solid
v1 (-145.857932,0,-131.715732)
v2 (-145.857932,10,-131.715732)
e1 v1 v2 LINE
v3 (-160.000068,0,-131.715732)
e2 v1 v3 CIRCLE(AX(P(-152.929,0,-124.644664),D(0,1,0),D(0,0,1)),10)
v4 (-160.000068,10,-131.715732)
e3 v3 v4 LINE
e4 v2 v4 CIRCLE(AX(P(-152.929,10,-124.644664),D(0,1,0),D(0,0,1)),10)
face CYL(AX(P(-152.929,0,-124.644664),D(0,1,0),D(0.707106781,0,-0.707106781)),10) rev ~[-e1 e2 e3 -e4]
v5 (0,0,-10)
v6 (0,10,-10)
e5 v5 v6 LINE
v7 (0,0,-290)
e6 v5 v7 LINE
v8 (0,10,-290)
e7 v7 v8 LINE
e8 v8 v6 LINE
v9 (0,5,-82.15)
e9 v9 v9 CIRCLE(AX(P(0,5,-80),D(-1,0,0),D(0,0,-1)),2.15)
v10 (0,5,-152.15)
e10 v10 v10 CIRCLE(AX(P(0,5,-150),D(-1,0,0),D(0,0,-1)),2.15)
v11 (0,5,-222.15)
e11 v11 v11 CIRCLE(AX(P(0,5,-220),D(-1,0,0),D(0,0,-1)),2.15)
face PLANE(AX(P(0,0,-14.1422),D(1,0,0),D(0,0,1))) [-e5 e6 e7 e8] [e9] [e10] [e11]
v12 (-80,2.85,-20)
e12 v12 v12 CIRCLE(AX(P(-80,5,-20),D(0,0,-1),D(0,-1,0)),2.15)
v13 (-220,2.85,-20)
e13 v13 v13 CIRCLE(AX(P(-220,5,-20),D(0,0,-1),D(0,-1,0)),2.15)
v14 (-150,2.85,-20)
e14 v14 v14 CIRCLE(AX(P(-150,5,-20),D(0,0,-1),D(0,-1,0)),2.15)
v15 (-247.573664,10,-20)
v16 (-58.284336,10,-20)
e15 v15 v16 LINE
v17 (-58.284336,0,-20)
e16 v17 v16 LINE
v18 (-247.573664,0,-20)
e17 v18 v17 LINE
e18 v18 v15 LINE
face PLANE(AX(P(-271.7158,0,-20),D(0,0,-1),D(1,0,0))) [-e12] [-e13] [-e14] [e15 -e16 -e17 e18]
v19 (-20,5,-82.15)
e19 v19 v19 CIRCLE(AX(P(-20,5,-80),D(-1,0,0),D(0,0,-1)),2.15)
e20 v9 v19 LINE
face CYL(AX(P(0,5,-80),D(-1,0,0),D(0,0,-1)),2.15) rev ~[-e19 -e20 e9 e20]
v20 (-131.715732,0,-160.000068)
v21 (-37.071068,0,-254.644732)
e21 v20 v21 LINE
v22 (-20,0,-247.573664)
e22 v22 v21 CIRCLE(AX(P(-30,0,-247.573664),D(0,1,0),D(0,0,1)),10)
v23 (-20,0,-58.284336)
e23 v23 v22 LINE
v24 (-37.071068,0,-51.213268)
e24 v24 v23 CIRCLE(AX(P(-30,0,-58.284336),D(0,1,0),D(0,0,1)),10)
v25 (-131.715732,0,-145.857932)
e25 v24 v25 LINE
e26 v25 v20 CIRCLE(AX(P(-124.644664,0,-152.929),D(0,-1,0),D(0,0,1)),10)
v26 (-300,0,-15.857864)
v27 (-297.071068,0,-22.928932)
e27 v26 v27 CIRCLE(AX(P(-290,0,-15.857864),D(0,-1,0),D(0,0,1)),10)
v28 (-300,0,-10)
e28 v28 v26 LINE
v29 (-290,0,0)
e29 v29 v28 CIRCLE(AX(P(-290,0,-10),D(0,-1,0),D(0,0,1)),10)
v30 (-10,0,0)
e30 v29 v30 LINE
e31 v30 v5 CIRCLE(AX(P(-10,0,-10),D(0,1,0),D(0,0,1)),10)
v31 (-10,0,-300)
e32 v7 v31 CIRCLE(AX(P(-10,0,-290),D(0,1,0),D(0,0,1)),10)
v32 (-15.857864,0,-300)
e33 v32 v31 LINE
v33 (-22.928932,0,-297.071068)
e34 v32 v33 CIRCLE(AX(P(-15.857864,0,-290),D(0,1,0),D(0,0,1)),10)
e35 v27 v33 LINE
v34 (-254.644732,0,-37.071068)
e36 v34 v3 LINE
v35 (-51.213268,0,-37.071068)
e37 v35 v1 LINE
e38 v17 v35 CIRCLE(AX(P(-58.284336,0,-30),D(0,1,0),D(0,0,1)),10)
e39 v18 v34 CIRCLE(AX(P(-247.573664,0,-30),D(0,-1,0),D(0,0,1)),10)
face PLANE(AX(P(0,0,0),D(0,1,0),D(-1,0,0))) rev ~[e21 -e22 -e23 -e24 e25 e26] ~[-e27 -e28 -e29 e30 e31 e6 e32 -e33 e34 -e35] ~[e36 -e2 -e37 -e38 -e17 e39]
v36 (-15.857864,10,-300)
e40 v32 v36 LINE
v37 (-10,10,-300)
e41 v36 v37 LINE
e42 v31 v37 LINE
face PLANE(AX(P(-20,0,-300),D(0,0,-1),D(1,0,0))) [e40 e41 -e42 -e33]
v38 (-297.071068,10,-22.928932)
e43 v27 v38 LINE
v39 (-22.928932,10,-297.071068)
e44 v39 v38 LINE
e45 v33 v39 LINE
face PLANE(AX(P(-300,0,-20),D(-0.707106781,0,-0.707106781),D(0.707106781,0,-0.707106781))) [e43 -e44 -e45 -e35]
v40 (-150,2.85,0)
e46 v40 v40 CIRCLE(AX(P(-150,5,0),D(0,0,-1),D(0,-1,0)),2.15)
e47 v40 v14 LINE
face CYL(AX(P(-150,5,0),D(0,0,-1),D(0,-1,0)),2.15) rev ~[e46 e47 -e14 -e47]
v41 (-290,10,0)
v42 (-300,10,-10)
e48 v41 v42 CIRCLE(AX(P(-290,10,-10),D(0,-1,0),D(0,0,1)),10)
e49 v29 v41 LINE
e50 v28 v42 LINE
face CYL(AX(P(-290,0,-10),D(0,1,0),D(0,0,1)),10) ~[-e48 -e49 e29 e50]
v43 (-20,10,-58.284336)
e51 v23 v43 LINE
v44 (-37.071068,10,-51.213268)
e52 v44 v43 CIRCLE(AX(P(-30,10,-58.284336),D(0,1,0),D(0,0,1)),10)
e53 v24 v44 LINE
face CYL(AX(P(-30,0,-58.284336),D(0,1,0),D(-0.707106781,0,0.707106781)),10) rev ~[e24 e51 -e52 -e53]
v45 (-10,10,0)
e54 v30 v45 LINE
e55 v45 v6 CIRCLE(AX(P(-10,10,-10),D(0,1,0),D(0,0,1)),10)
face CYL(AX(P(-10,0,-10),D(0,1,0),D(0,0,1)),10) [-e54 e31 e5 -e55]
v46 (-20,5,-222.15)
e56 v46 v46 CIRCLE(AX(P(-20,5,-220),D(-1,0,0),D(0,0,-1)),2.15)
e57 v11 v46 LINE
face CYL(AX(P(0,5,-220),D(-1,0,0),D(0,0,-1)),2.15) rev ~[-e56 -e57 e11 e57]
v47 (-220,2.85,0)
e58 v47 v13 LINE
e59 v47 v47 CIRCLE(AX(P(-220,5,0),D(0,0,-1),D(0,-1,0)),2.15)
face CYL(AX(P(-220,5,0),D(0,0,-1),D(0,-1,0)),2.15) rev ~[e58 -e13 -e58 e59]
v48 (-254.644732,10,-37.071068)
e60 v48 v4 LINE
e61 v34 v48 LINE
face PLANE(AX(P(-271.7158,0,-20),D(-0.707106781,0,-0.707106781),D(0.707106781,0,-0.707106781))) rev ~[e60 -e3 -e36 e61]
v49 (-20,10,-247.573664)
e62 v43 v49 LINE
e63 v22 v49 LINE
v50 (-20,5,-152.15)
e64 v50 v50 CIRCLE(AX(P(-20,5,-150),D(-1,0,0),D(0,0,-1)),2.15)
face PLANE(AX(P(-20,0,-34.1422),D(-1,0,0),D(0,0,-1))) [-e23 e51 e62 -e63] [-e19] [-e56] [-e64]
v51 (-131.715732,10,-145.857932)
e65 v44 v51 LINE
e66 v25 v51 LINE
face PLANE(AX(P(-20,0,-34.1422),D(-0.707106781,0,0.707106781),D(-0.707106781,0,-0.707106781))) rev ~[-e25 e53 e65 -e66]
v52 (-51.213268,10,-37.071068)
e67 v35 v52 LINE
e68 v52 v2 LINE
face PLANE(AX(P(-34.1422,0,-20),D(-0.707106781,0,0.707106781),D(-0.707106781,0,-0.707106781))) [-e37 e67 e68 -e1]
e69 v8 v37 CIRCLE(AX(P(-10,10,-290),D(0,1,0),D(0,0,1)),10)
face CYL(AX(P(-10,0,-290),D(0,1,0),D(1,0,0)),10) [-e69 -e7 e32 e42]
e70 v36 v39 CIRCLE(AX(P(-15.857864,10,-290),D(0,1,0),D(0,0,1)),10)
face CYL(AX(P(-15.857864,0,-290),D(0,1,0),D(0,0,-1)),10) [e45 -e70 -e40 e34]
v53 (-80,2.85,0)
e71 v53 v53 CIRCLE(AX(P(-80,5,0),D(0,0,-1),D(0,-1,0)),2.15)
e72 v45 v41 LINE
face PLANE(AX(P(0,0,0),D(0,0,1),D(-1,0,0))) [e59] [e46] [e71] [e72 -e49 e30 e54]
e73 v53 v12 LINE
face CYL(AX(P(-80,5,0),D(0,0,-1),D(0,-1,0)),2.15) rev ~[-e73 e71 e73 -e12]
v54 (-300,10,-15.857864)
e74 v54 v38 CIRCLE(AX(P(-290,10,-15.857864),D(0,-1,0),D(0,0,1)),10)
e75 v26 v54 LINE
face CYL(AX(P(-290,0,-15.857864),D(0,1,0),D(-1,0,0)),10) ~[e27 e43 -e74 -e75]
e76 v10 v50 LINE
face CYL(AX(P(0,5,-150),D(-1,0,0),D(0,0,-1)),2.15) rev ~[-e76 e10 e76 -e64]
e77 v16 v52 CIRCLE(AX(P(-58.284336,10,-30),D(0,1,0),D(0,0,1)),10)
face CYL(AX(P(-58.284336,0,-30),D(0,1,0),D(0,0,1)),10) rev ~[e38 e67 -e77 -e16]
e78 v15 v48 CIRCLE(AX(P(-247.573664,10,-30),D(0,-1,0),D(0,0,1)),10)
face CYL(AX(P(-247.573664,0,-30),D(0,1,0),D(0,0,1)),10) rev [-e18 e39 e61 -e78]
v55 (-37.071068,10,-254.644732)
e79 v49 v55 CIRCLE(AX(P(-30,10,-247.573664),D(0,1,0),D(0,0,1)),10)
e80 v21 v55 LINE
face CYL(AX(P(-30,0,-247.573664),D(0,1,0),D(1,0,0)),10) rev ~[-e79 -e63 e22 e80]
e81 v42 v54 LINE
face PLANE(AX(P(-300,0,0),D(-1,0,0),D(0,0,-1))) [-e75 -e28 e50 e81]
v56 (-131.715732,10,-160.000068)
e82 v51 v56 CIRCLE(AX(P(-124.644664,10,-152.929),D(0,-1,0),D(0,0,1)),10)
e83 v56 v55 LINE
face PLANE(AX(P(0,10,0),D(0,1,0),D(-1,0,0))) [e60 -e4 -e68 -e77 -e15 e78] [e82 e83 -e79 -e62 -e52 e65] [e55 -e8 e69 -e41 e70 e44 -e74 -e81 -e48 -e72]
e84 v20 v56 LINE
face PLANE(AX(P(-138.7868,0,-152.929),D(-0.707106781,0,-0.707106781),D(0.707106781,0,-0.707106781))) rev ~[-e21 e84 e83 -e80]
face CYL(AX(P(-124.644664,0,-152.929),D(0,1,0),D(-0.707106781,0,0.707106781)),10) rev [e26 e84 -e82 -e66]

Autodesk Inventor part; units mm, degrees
ref_plane "YZ Plane" through (0, 0, 0) normal (1, 0, 0) x (0, 1, 0)
ref_plane "XZ Plane" through (0, 0, 0) normal (0, 1, 0) x (-1, 0, 0)
ref_plane "XY Plane" through (0, 0, 0) normal (0, 0, 1) x (1, 0, 0)
sketch "Sketch1" plane through (0, 0, 0) normal (0, 1, 0) x (-1, 0, 0)
  line L0 (0, 0) -> (20, 0)
  line L1 (20, 0) -> (20, -300)
  line L2 (20, -300) -> (0, -300)
  line L3 (0, -300) -> (0, 0)
  line L4 (0, 0) -> (300, 0)
  line L5 (300, 0) -> (300, -20)
  line L6 (300, -20) -> (0, -20)
  line L7 (0, -20) -> (0, 0)
  line L8 (300, -20) -> (20, -300)
  line L9 (285.8579, -5.8579) -> (5.8579, -285.8579)
  line L10 (-7.0711, -7.0711) -> (152.9289, -167.0711)
  line L11 (7.0711, 7.0711) -> (167.0711, -152.9289)
  point P0 (138.7868, -152.9289)
  point P1 (20, -271.7157)
  point P2 (20, -34.1421)
  point P3 (152.9289, -138.7868)
  point P4 (34.1421, -20)
  point P5 (271.7157, -20)
  dimension "d32" = 20
  dimension "d33" = 300
  dimension "d34" = 300
  dimension "d35" = 20
  dimension "d36" = 20
extrude "Extrusion1" add sketch "Sketch1" along normal blind 10 contours L0 L11 L1 L6 L10 L3 | L0 L1 L11 | L10 L6 L3 | L4 L5 L6 L11 L1 | L11 L6 L1 | L6 L10 L1 L2 L3 | L6 L1 L10 | L6 L11 L9 L10 L1 | L8 L11 L9 L6 | L11 L8 L10 L9 | L1 L9 L10 L8
fillet "Fillet1" radius 10 11 edges at (-300, 5, 0) (-300, 5, -20) (-271.7157, 5, -20) (-152.9289, 5, -138.7868) (-138.7868, 5, -152.9289) (-34.1421, 5, -20) (-20, 5, -34.1421) (0, 5, 0) (-20, 5, -300) (0, 5, -300) (-20, 5, -271.7157)
sketch "Sketch3" plane through (-290, 0, 0) normal (0, 0, 1) x (1, 0, 0)
  line L0 (0, 0) -> (0, 10) projected
  line L1 (0, 5) -> (70, 5)
  line L2 (70, 5) -> (140, 5)
  line L3 (140, 5) -> (210, 5)
  line L4 (210, 5) -> (280, 5)
  point P0 (290, 0)
  dimension "d39" = 70
  dimension "d40" = 70
  dimension "d41" = 70
  dimension "d42" = 70
hole "Hole2" at (-220, 5, 0) at (-150, 5, 0) at (-80, 5, 0) direction (0, 0, -1) diameter 4.3 depth 20 clearance for "Socket Head Cap Screw ISO 4762" size "M4" standard "ISO"
sketch "Sketch4" plane through (0, 0, -10) normal (1, 0, 0) x (0, 0, -1)
  line L0 (280, 10) -> (280, 0) projected
  line L1 (280, 5) -> (210, 5)
  line L2 (210, 5) -> (140, 5)
  line L3 (140, 5) -> (70, 5)
  line L4 (70, 5) -> (0, 5)
  point P0 (-10, 0)
  dimension "d50" = 70
  dimension "d51" = 70
  dimension "d52" = 70
  dimension "d53" = 70
hole "Hole3" at (0, 5, -220) at (0, 5, -150) at (0, 5, -80) direction (-1, 0, 0) diameter 4.3 depth 20 clearance for "Socket Head Cap Screw ISO 4762" size "M4" standard "ISO"
properties part number "Aufhängung_Gerüst"
